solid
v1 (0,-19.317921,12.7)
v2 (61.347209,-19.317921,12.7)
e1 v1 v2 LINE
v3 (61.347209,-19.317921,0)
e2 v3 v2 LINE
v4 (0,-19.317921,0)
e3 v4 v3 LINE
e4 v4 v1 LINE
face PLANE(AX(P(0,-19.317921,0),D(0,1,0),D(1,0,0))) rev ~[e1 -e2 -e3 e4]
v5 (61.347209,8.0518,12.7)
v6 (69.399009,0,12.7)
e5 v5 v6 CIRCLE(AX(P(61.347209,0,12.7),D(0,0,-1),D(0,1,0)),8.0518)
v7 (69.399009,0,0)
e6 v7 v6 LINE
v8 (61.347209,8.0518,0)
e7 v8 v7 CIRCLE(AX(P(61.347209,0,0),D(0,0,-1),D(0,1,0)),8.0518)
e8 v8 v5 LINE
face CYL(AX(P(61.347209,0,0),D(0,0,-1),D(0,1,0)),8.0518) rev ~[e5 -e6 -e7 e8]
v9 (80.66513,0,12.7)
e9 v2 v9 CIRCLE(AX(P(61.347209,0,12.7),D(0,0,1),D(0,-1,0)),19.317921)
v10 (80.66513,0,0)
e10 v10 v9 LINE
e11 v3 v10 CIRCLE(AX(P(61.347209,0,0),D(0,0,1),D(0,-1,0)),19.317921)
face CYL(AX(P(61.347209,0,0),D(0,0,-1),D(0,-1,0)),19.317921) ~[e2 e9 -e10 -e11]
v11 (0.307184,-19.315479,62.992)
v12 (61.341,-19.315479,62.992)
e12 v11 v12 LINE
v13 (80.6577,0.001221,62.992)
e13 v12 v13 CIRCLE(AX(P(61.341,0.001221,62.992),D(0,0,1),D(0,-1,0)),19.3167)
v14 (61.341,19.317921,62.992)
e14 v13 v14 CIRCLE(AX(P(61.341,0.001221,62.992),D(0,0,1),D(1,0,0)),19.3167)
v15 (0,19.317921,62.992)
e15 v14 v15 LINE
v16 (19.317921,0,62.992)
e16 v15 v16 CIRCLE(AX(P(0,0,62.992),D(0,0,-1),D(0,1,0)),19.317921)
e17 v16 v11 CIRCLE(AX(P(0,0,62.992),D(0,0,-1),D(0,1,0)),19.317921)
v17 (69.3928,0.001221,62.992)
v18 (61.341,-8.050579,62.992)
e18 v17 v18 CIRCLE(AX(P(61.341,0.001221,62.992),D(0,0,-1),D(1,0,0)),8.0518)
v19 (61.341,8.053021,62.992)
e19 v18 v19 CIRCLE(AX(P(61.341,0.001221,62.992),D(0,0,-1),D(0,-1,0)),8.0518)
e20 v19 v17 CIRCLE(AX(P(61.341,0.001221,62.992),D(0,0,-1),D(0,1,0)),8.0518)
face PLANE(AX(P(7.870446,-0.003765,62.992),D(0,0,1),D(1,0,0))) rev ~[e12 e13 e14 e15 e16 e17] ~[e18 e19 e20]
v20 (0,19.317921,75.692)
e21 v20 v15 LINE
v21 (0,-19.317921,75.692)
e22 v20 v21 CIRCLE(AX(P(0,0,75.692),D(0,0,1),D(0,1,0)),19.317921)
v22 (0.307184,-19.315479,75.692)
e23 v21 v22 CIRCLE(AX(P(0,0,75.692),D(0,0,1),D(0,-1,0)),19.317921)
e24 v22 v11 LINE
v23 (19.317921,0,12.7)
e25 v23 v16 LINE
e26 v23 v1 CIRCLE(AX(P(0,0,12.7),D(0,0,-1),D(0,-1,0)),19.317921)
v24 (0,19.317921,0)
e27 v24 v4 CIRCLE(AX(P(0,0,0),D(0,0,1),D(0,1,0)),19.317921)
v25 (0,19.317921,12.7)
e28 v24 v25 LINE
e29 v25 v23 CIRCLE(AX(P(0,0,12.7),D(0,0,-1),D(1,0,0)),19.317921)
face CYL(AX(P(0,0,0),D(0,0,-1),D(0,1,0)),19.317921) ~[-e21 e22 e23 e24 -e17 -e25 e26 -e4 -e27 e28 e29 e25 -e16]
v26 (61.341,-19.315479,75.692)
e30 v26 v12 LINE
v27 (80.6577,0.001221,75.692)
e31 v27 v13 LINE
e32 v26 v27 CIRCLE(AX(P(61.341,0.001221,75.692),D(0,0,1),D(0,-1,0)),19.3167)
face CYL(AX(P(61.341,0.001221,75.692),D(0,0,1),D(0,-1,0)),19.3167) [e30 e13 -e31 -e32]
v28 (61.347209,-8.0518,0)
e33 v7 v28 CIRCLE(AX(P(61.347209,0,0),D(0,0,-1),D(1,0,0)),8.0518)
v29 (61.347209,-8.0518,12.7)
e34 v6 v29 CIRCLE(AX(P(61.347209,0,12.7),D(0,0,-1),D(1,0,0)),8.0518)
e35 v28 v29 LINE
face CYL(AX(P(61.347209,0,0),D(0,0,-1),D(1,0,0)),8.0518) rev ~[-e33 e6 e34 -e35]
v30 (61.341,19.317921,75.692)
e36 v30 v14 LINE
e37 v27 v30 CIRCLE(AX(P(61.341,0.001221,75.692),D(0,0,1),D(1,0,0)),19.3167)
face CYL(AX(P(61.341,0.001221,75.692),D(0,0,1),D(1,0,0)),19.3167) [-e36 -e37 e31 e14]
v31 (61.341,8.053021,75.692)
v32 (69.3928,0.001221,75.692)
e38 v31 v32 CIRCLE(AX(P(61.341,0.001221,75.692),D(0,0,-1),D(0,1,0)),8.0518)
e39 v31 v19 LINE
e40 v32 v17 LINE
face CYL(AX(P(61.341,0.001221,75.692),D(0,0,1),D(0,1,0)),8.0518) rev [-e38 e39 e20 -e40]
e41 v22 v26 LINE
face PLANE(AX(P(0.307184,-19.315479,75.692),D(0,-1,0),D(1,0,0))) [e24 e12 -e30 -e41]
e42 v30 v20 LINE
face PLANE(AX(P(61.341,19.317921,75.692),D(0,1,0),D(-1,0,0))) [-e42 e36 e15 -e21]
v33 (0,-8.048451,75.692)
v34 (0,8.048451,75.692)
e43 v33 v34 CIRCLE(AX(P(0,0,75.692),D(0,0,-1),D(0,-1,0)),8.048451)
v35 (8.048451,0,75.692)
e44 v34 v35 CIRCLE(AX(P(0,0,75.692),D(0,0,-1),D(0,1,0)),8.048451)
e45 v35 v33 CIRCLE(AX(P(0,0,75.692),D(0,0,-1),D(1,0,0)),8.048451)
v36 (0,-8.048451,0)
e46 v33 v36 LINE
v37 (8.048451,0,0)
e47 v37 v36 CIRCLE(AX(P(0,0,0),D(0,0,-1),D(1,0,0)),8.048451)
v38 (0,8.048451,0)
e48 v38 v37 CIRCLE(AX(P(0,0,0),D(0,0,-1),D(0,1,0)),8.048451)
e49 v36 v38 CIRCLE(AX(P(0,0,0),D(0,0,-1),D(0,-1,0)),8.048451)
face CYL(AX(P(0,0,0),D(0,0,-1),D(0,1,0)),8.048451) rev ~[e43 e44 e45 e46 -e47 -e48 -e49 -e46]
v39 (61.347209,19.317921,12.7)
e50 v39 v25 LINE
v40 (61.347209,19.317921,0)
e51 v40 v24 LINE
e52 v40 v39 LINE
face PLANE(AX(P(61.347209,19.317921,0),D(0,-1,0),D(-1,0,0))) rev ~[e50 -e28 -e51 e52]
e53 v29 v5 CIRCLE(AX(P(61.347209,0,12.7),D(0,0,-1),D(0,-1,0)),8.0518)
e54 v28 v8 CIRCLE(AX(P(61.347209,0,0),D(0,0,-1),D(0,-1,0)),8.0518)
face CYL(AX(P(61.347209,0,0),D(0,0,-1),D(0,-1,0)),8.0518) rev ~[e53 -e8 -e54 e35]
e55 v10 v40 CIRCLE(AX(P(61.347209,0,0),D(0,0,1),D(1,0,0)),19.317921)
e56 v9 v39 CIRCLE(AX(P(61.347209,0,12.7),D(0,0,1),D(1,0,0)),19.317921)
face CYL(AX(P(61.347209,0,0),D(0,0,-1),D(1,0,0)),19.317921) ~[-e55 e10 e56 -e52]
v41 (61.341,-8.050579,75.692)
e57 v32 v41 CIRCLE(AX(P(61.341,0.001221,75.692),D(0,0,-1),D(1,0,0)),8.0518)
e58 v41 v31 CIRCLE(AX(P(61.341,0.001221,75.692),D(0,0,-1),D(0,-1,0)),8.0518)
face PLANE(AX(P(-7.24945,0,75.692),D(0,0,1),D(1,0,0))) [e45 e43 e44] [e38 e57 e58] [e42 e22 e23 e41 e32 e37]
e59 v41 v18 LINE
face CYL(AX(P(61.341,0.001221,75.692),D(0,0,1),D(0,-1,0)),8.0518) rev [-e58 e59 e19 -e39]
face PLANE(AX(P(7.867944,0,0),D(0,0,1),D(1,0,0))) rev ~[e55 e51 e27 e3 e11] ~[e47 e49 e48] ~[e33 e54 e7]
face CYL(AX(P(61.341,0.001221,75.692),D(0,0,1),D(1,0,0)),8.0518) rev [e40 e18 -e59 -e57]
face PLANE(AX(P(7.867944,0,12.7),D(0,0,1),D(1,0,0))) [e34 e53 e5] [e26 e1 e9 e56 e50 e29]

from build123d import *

# Parameters (mm, degrees)
F1_DEPTH = 12.7
F2_DEPTH = 75.692
F4_DEPTH = 12.7


with BuildPart() as f1:
    # F0 (on Top) → F1 (new body)
    with BuildSketch(Plane.XY):
        with BuildLine():
            ThreePointArc((0, 8.0484505981), (5.691113996, 5.691113996), (8.0484505981, 0))
            ThreePointArc((8.0484505981, 0), (5.691113996, -5.691113996), (0, -8.0484505981))
            Line((0, -8.0484505981), (0, -19.3179212511))
            ThreePointArc((0, -19.3179212511), (13.6598331151, -13.6598331151), (19.3179212511, 0))
            ThreePointArc((19.3179212511, 0), (13.6598331151, 13.6598331151), (0, 19.3179212511))
            Line((0, 19.3179212511), (0, 8.0484505981))
        make_face()
        with BuildLine():
            ThreePointArc((0, -8.0484505981), (-8.0484505981, 0), (0, 8.0484505981))
            Line((0, 8.0484505981), (0, 19.3179212511))
            ThreePointArc((0, 19.3179212511), (-19.3179212511, 0), (0, -19.3179212511))
            Line((0, -19.3179212511), (0, -8.0484505981))
        make_face()
        with BuildLine():
            Line((61.3472089171, 19.3179212511), (0, 19.3179212511))
            ThreePointArc((0, 19.3179212511), (13.6598331151, 13.6598331151), (19.3179212511, 0))
            ThreePointArc((19.3179212511, 0), (13.6598331151, -13.6598331151), (0, -19.3179212511))
            Line((0, -19.3179212511), (61.3472089171, -19.3179212511))
            ThreePointArc((61.3472089171, -19.3179212511), (42.0292876661, 0), (61.3472089171, 19.3179212511))
        make_face()
        with BuildLine():
            ThreePointArc((80.6651301682, 0), (75.0070420322, 13.6598331151), (61.3472089171, 19.3179212511))
            Line((61.3472089171, 19.3179212511), (61.3472089171, 8.0518))
            ThreePointArc((61.3472089171, 8.0518), (67.0406912979, 5.6934823808), (69.3990089171, 0))
            ThreePointArc((69.3990089171, 0), (67.0406912979, -5.6934823808), (61.3472089171, -8.0518))
            Line((61.3472089171, -8.0518), (61.3472089171, -19.3179212511))
            ThreePointArc((61.3472089171, -19.3179212511), (75.0070420322, -13.6598331151), (80.6651301682, 0))
        make_face()
        with BuildLine():
            Line((61.3472089171, 8.0518), (61.3472089171, 19.3179212511))
            ThreePointArc((61.3472089171, 19.3179212511), (42.0292876661, 0), (61.3472089171, -19.3179212511))
            Line((61.3472089171, -19.3179212511), (61.3472089171, -8.0518))
            ThreePointArc((61.3472089171, -8.0518), (53.2954089171, 0), (61.3472089171, 8.0518))
        make_face()
    extrude(amount=F1_DEPTH)

    # F0 (on Top) → F2 (join)
    with BuildSketch(Plane.XY):
        with BuildLine():
            ThreePointArc((0, -8.0484505981), (-8.0484505981, 0), (0, 8.0484505981))
            Line((0, 8.0484505981), (0, 19.3179212511))
            ThreePointArc((0, 19.3179212511), (-19.3179212511, 0), (0, -19.3179212511))
            Line((0, -19.3179212511), (0, -8.0484505981))
        make_face()
        with BuildLine():
            ThreePointArc((0, 8.0484505981), (5.691113996, 5.691113996), (8.0484505981, 0))
            ThreePointArc((8.0484505981, 0), (5.691113996, -5.691113996), (0, -8.0484505981))
            Line((0, -8.0484505981), (0, -19.3179212511))
            ThreePointArc((0, -19.3179212511), (13.6598331151, -13.6598331151), (19.3179212511, 0))
            ThreePointArc((19.3179212511, 0), (13.6598331151, 13.6598331151), (0, 19.3179212511))
            Line((0, 19.3179212511), (0, 8.0484505981))
        make_face()
    extrude(amount=F2_DEPTH)

    # F3 (on face) → F4 (join)
    with BuildSketch(Plane.XY.offset(75.692)):
        with BuildLine():
            ThreePointArc((19.3179212511, 0), (13.6598331151, 13.6598331151), (0, 19.3179212511))
            Line((0, 19.3179212511), (0, 8.0518))
            ThreePointArc((0, 8.0518), (5.6934823808, 5.6934823808), (8.0518, 0))
            ThreePointArc((8.0518, 0), (5.6934823808, -5.6934823808), (0, -8.0518))
            Line((0, -8.0518), (0, -19.3154787489))
            Line((0, -19.3154787489), (0.3071842465, -19.3154787489))
            ThreePointArc((0.3071842465, -19.3154787489), (13.7680107958, -13.5507918658), (19.3179212511, 0))
        make_face()
        with BuildLine():
            Line((61.341, 19.3179212511), (0, 19.3179212511))
            ThreePointArc((0, 19.3179212511), (13.6598331151, 13.6598331151), (19.3179212511, 0))
            ThreePointArc((19.3179212511, 0), (13.7680107958, -13.5507918658), (0.3071842465, -19.3154787489))
            Line((0.3071842465, -19.3154787489), (61.341, -19.3154787489))
            ThreePointArc((61.341, -19.3154787489), (42.0243, 0.0012212511), (61.341, 19.3179212511))
        make_face()
        with BuildLine():
            Line((0, 8.0518), (0, 19.3179212511))
            ThreePointArc((0, 19.3179212511), (-19.3173106159, -0.1535969784), (0.3071842465, -19.3154787489))
            Line((0.3071842465, -19.3154787489), (0, -19.3154787489))
            Line((0, -19.3154787489), (0, -8.0518))
            ThreePointArc((0, -8.0518), (-8.0518, 0), (0, 8.0518))
        make_face()
        with BuildLine():
            ThreePointArc((80.6577, 0.0012212511), (74.9999695601, 13.6601908112), (61.341, 19.3179212511))
            Line((61.341, 19.3179212511), (61.341, 8.0530212511))
            ThreePointArc((61.341, 8.0530212511), (67.0344823808, 5.6947036318), (69.3928, 0.0012212511))
            ThreePointArc((69.3928, 0.0012212511), (67.0344823808, -5.6922611297), (61.341, -8.0505787489))
            Line((61.341, -8.0505787489), (61.341, -19.3154787489))
            ThreePointArc((61.341, -19.3154787489), (74.9999695601, -13.6577483091), (80.6577, 0.0012212511))
        make_face()
        with BuildLine():
            Line((61.341, 8.0530212511), (61.341, 19.3179212511))
            ThreePointArc((61.341, 19.3179212511), (42.0243, 0.0012212511), (61.341, -19.3154787489))
            Line((61.341, -19.3154787489), (61.341, -8.0505787489))
            ThreePointArc((61.341, -8.0505787489), (53.2892, 0.0012212511), (61.341, 8.0530212511))
        make_face()
    extrude(amount=-F4_DEPTH)


solid = f1.part
